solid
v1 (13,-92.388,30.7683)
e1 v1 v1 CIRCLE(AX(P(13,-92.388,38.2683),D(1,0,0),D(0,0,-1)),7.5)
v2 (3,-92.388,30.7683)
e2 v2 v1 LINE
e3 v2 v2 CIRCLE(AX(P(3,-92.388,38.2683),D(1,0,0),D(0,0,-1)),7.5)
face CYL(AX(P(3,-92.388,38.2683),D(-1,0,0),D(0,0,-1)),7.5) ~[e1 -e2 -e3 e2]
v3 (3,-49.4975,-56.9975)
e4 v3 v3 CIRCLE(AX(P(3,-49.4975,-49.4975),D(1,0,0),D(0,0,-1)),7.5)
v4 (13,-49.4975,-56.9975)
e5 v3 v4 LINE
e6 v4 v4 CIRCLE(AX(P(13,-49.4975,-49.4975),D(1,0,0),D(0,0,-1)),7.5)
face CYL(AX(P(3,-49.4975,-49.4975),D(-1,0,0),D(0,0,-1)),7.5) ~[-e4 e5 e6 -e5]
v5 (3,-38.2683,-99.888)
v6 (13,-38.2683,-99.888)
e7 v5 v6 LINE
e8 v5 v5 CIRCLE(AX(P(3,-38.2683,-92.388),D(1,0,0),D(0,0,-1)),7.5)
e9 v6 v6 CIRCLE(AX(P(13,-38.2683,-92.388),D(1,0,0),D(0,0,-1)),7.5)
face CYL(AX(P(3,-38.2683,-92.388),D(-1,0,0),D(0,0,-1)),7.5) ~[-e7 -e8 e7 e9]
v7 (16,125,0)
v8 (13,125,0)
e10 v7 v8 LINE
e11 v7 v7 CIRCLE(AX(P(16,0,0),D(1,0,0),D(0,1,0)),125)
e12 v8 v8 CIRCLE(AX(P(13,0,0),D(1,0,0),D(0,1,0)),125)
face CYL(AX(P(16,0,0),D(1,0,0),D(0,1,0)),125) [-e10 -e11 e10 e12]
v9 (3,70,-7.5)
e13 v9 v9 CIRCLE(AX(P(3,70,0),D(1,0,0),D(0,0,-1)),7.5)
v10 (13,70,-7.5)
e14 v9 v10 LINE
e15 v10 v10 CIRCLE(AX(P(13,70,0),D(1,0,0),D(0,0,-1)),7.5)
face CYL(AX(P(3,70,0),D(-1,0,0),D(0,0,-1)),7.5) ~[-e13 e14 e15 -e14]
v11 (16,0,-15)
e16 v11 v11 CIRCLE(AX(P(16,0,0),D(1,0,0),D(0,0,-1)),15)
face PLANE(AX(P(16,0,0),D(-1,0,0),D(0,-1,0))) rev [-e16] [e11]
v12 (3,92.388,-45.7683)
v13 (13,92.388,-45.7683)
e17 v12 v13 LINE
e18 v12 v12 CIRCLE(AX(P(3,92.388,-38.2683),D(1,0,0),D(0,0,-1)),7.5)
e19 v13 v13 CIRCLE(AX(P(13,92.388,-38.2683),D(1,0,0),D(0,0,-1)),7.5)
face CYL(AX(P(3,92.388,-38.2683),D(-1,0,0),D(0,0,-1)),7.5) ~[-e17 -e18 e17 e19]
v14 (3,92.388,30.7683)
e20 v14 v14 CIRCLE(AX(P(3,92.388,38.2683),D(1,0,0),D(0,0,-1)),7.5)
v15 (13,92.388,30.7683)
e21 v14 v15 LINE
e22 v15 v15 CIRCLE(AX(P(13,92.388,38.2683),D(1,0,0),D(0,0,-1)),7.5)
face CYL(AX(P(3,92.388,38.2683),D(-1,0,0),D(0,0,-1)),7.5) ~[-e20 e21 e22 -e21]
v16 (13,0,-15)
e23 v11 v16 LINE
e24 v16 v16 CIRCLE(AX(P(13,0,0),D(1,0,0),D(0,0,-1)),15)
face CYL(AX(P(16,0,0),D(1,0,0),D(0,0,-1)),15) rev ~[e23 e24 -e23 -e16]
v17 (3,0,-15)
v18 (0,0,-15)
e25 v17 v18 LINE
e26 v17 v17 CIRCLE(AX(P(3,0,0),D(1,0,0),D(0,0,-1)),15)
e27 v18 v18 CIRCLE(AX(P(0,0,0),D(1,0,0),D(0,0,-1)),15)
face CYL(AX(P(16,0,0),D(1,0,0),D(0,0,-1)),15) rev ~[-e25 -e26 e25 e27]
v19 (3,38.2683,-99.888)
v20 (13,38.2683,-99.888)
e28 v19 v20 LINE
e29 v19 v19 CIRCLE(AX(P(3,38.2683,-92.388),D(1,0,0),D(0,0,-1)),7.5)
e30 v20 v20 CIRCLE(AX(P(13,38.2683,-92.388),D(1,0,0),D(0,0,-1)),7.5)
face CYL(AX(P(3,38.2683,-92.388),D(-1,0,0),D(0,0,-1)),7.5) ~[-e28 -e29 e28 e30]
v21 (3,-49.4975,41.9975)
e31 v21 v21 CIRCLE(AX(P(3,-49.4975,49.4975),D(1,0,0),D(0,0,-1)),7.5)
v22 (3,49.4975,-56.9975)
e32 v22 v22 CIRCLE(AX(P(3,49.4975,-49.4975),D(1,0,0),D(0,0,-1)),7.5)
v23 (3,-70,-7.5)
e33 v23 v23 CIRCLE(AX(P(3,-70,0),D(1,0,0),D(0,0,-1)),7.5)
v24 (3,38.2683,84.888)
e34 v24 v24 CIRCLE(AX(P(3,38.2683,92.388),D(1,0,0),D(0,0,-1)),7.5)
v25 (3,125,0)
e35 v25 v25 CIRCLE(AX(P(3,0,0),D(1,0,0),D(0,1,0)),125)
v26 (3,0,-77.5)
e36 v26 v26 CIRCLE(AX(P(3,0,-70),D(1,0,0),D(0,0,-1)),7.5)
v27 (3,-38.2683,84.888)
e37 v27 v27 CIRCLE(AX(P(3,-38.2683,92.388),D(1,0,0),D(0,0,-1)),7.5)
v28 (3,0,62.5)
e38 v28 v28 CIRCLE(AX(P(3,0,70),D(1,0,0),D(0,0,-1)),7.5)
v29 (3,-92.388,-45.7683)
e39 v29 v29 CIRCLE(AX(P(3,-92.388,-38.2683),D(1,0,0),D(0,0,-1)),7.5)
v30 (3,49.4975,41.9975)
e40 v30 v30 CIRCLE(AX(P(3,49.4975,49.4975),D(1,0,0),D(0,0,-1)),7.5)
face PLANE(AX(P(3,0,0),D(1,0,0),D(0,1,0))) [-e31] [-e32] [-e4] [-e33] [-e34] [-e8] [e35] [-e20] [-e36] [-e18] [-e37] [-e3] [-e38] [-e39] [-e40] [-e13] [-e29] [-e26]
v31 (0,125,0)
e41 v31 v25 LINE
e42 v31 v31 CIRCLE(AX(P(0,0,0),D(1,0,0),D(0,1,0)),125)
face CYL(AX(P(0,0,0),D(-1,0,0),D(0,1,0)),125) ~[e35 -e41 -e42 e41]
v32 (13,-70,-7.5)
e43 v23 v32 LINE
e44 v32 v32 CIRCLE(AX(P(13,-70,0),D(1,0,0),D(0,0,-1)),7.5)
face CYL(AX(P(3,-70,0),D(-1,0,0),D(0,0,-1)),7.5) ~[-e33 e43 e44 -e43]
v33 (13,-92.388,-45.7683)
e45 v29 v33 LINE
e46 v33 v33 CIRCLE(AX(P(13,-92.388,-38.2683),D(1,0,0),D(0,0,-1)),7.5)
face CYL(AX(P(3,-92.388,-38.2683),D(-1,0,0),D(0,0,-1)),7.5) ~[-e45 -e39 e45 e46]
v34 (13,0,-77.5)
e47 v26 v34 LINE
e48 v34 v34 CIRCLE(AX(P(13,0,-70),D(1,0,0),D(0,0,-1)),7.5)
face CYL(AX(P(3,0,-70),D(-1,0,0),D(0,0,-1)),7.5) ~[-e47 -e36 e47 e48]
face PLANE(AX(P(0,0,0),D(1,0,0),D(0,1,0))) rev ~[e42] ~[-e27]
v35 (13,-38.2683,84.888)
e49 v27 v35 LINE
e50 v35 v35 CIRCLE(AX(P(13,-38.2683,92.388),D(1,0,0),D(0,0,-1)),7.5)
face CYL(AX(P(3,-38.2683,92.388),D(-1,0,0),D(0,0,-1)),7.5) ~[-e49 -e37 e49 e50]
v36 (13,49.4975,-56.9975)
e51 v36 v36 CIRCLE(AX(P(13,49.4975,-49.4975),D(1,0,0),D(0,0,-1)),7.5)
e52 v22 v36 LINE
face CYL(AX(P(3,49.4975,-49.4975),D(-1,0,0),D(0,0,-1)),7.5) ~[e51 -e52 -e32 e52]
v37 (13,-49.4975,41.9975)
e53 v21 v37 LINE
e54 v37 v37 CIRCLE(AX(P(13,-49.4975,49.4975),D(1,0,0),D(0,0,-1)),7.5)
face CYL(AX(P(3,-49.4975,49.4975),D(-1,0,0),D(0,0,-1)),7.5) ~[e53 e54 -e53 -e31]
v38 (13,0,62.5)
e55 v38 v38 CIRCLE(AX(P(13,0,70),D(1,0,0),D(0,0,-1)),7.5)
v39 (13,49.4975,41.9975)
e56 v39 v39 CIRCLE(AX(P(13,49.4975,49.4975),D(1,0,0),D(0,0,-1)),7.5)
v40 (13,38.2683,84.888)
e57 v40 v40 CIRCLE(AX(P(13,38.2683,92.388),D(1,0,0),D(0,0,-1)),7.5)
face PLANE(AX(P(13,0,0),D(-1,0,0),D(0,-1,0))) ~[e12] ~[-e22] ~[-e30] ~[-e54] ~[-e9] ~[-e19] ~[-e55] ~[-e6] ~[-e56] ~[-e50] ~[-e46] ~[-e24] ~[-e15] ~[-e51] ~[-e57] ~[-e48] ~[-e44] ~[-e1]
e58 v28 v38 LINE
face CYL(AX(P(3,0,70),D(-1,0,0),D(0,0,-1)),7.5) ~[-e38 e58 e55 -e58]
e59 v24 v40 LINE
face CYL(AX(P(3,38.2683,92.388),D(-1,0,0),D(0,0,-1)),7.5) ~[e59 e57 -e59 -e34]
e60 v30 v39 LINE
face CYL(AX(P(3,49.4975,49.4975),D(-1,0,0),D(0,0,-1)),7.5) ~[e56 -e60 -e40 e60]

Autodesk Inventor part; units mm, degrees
ref_plane "YZ Plane" through (0, 0, 0) normal (1, 0, 0) x (0, 1, 0)
ref_plane "XZ Plane" through (0, 0, 0) normal (0, 1, 0) x (-1, 0, 0)
ref_plane "XY Plane" through (0, 0, 0) normal (0, 0, 1) x (1, 0, 0)
sketch "Sketch1" plane through (0, 0, 0) normal (1, 0, 0) x (0, 1, 0)
  circle A0 centre (0, 0) radius 125
  dimension "d0" = 250
extrude "Extrusion1" add sketch "Sketch1" along normal blind 3
sketch "Sketch2" plane through (3, 0, 0) normal (1, 0, 0) x (0, 0, -1)
  circle A0 centre (0, 0) radius 15
  line L0 (0, 0) -> (0, 70) construction
  circle A1 centre (0, 70) radius 7.5
  circle A2 centre (-49.4975, 49.4975) radius 7.5
  circle A3 centre (-70, 0) radius 7.5
  circle A4 centre (-49.4975, -49.4975) radius 7.5
  circle A5 centre (0, -70) radius 7.5
  circle A6 centre (49.4975, -49.4975) radius 7.5
  circle A7 centre (70, 0) radius 7.5
  circle A8 centre (49.4975, 49.4975) radius 7.5
  line L1 (0, 0) -> (92.388, 38.2683) construction
  line L2 (0, 0) -> (100, 0) construction
  circle A9 centre (92.388, 38.2683) radius 7.5
  circle A10 centre (38.2683, 92.388) radius 7.5
  circle A11 centre (-38.2683, 92.388) radius 7.5
  circle A12 centre (-92.388, 38.2683) radius 7.5
  circle A13 centre (-92.388, -38.2683) radius 7.5
  circle A14 centre (-38.2683, -92.388) radius 7.5
  circle A15 centre (38.2683, -92.388) radius 7.5
  circle A16 centre (92.388, -38.2683) radius 7.5
  dimension "d3" = 30
  dimension "d4" = 70
  dimension "d5" = 15
  dimension "d8" = 360
  dimension "d10" = 100
  dimension "d11" = 22.5
  dimension "d12" = 15
  dimension "d15" = 360
extrude "Extrusion2" add sketch "Sketch2" along normal blind 10 contours A1 | A2 | A3 | A4 | A5 | A6 | A7 | A8 | A9 | A10 | A11 | A12 | A13 | A14 | A15 | A16
ref_plane "Work Plane1" through (8, -49.4975, 49.4975) normal (1, 0, 0) x (0, 0, -1)
mirror "Mirror1" about plane through (8, -49.4975, 49.4975) normal (1, 0, 0) of "Extrusion1"
sketch "Sketch3" plane through (16, 0, 0) normal (1, 0, 0) x (0, 0, -1)
  circle A0 centre (0, 0) radius 15
  dimension "d20" = 30
extrude "Extrusion3" cut sketch "Sketch3" against normal through all
properties part number "Base Plate"
